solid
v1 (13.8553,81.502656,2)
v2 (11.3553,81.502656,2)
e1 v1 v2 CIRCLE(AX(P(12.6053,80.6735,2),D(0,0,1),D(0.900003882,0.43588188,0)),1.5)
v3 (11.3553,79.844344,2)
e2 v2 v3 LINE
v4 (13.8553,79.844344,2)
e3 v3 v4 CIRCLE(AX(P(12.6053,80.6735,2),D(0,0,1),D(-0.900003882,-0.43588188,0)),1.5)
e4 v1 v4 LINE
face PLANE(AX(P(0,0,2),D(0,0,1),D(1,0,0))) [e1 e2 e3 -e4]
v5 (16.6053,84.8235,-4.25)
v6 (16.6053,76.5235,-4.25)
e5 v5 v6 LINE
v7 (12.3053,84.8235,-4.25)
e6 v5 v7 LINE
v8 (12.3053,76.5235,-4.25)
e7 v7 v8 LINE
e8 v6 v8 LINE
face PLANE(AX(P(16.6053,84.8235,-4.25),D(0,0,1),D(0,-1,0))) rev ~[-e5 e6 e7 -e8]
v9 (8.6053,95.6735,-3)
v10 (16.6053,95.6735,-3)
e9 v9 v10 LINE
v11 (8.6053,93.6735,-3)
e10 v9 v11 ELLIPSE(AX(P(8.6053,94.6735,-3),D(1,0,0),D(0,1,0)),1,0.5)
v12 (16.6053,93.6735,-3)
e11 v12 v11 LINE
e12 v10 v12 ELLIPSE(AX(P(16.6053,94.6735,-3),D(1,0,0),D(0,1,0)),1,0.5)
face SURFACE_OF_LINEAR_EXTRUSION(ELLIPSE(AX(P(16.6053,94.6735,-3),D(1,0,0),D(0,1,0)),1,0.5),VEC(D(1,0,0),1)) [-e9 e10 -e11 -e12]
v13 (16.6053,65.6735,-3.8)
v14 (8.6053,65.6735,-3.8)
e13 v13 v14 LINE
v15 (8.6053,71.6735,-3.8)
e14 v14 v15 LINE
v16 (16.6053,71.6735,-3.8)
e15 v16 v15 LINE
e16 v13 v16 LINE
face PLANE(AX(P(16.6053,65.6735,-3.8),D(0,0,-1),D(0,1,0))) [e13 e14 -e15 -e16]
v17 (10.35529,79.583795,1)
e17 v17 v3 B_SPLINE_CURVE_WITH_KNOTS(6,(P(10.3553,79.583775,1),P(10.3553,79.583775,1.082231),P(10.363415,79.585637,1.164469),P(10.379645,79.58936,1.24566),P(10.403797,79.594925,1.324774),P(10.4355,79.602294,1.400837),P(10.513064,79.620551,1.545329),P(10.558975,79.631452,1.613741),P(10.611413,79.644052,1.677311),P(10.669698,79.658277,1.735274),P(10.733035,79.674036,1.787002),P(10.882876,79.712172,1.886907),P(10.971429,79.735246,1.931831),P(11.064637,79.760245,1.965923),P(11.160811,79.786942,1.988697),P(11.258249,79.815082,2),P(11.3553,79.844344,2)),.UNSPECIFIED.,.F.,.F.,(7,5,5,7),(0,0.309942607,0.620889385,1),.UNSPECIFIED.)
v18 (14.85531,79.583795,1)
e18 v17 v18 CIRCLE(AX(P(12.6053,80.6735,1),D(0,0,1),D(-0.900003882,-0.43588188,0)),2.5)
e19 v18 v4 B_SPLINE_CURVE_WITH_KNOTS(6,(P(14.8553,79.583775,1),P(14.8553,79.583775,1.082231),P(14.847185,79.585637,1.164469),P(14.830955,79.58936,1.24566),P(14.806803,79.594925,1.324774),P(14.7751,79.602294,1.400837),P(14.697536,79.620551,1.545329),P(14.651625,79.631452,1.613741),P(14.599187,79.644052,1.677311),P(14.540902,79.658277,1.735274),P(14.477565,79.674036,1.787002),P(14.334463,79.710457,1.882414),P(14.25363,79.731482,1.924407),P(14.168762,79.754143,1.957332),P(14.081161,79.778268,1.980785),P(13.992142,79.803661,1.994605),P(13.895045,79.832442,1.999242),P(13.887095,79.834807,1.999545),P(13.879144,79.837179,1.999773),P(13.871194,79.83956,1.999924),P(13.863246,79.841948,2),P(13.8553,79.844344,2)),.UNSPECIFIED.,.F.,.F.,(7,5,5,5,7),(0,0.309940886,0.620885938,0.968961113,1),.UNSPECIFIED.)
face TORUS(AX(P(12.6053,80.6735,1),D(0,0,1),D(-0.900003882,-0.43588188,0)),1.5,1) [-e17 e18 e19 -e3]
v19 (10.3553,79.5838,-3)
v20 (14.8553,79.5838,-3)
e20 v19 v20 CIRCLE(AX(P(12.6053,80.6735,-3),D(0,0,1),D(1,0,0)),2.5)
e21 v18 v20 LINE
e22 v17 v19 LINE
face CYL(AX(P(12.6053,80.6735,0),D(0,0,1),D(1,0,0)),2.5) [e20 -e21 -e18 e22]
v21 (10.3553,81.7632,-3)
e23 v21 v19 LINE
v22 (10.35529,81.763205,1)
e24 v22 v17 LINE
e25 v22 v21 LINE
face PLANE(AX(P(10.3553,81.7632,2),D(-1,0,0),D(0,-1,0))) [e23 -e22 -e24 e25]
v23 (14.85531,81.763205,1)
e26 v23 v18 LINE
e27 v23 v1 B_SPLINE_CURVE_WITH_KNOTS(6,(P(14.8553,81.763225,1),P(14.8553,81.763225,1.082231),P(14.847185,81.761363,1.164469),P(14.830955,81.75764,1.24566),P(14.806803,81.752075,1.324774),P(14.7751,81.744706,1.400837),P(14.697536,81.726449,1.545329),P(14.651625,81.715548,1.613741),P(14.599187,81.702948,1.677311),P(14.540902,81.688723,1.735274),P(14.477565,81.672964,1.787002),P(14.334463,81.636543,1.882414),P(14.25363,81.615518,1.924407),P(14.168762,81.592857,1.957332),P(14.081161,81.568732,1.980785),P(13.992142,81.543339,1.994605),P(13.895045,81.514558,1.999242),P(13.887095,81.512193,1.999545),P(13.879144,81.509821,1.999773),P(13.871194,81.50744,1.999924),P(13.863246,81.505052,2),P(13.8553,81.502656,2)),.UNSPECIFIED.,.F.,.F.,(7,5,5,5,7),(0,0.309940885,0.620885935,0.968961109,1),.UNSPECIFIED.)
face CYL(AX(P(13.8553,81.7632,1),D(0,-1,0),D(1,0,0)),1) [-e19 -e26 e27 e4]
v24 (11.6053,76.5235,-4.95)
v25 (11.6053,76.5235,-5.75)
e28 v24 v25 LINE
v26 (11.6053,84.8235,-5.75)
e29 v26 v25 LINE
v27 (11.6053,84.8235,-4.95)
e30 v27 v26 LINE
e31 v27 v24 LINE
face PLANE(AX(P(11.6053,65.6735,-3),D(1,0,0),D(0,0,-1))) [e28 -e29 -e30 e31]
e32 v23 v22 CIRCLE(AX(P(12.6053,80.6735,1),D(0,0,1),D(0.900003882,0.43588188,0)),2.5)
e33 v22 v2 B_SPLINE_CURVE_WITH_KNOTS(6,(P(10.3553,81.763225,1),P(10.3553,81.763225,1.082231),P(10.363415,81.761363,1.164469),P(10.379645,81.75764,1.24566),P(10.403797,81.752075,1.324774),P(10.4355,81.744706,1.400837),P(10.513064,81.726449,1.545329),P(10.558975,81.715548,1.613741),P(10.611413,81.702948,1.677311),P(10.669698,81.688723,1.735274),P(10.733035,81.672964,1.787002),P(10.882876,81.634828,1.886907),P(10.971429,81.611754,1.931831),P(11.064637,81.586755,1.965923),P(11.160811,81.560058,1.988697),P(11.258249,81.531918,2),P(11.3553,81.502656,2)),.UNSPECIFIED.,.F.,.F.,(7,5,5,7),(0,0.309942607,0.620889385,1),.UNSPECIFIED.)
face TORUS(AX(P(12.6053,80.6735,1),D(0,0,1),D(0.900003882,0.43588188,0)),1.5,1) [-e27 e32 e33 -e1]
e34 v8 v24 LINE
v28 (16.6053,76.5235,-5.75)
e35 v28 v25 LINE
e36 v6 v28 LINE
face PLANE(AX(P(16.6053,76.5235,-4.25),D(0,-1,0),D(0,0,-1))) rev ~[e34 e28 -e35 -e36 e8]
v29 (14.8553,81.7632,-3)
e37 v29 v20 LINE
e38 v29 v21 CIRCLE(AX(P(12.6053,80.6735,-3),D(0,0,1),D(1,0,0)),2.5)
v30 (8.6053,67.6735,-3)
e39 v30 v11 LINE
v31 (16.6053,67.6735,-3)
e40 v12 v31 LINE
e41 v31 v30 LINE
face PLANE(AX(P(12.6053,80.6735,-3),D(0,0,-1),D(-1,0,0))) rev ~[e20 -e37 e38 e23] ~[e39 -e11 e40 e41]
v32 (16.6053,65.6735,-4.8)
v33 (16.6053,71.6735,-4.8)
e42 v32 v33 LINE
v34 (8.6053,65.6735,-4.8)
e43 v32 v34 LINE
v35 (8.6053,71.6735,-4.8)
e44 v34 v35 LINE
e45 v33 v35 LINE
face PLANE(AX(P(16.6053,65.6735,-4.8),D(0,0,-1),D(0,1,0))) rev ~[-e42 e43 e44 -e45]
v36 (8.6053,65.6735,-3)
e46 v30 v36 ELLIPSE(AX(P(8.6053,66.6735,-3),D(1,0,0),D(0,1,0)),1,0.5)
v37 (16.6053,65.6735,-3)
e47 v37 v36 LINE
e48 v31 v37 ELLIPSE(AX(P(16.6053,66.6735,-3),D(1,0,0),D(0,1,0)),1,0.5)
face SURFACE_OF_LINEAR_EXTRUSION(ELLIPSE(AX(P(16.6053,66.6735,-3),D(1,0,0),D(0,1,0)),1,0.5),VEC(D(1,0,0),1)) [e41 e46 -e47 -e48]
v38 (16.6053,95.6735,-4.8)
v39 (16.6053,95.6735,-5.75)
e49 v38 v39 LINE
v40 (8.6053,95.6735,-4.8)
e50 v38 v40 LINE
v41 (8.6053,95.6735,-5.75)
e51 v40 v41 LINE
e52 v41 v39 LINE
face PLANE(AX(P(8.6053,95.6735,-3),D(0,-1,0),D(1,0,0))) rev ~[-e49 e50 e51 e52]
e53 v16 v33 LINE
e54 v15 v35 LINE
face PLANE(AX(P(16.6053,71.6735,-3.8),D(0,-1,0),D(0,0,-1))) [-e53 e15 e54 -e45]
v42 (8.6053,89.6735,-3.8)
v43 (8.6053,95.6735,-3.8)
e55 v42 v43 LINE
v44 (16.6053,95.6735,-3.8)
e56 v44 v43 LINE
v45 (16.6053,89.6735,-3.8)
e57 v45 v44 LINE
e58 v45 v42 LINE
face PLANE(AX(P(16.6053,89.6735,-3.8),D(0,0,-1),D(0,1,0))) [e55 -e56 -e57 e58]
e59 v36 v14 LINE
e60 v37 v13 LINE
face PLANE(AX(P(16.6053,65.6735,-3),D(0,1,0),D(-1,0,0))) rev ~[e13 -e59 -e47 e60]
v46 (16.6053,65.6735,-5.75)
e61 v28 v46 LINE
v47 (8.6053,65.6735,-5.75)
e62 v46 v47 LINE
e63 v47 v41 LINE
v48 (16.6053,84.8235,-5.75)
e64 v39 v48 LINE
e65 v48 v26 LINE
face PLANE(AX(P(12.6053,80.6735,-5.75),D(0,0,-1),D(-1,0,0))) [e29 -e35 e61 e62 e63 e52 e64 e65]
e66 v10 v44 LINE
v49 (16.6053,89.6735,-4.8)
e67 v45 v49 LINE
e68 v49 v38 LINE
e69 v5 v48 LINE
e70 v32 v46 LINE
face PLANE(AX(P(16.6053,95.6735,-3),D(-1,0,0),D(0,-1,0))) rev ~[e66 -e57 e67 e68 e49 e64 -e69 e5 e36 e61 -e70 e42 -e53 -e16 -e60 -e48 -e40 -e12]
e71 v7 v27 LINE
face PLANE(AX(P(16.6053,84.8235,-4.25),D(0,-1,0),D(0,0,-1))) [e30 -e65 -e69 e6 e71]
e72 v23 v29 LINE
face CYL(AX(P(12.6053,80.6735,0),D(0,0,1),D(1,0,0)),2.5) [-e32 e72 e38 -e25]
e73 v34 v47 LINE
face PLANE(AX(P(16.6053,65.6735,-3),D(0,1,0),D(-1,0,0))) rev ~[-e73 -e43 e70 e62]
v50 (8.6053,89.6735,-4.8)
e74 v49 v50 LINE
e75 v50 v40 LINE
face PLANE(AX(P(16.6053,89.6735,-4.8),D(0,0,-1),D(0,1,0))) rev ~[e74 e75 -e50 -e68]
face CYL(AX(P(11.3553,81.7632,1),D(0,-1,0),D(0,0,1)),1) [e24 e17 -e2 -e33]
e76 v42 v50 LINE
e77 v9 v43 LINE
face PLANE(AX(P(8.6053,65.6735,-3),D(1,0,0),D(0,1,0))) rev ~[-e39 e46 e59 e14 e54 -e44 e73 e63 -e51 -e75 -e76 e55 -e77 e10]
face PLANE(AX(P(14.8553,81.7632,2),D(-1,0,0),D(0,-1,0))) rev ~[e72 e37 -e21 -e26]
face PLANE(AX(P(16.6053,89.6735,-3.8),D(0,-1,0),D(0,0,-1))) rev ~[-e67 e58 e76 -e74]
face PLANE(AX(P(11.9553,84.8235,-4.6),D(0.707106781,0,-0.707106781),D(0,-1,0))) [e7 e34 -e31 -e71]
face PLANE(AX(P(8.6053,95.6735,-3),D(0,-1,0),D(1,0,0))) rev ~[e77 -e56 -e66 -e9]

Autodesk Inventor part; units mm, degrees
ref_plane "YZ Plane" through (0, 0, 0) normal (1, 0, 0) x (0, 1, 0)
ref_plane "XZ Plane" through (0, 0, 0) normal (0, 1, 0) x (-1, 0, 0)
ref_plane "XY Plane" through (0, 0, 0) normal (0, 0, 1) x (1, 0, 0)
ref_plane "Work Plane1" through (0, 0, 0) normal (0, 0, 1) x (1, 0, 0)
sketch "Sketch1" plane through (0, 0, 0) normal (0, 0, 1) x (1, 0, 0)
  circle A0 centre (12.6053, 80.6735) radius 2.5
  point P0 (0, 0)
  dimension "d0" = 5
extrude "Extrusion1" add sketch "Sketch1" along normal blind 2 and the other way blind 3
sketch "Sketch2" plane through (12.6053, 80.6735, -3) normal (0, 0, -1) x (-1, 0, 0)
  line L0 (-4, -15) -> (4, -15)
  line L1 (4, -15) -> (4, 15)
  line L2 (4, 15) -> (-4, 15)
  line L3 (-4, 15) -> (-4, -15)
  line L4 (-4, -15) -> (4, 15)
  line L5 (-4, -15) -> (27.0483, -15) construction
  circle A0 centre (0, 0) radius 2.5 projected
  point P0 (12.6053, -80.6735)
  dimension "d5" = 8
  dimension "d6" = 30
extrude "Extrusion2" add sketch "Sketch2" along normal blind 2.75
sketch "Sketch5" plane through (12.6053, 80.6735, 2) normal (0, 0, 1) x (1, 0, 0)
  line L0 (4, 15) -> (4, -15) projected
  line L1 (-4, -15) -> (-4, 15) projected
  circle A0 centre (0, 0) radius 2.5 projected
  line L2 (-2.25, 1.0897) -> (-2.25, -1.0897)
  line L3 (2.25, 1.0897) -> (2.25, -1.0897)
  circle A1 centre (0, 0) radius 2.5 projected
  point P0 (-12.6053, -80.6735)
  point P1 (2.25, 1.0897)
  point P2 (2.25, -1.0897)
  point P3 (-2.25, -1.0897)
  point P4 (-2.25, 1.0897)
  dimension "d21" = 1.75
  dimension "d22" = 1.75
extrude "Extrusion5" cut sketch "Sketch5" against normal up to surface (5 mm away) contours A0 L3 | L2 A0
fillet "Fillet1" radius 1 4 edges at (12.6053, 83.1735, 2) (12.6053, 78.1735, 2) (10.3553, 80.6735, 2) (14.8553, 80.6735, 2)
sketch "Sketch7" plane through (16.6053, 65.6735, -3) normal (1, 0, 0) x (0, 0, -1)
  line L0 (3.95, 19.8) -> (5.45, 19.8) construction
  line L1 (1.25, 19.15) -> (1.25, 10.85)
  line L2 (0, 30) -> (2.75, 30) projected
  line L3 (0, 30) -> (0, 0) projected
  line L4 (0, 0) -> (2.75, 0) projected
  line L5 (2.75, 30) -> (2.75, 0) projected
  line L6 (0, 30) -> (2.75, 30) projected
  line L7 (1.25, 19.15) -> (2.75, 19.15)
  line L8 (2.75, 30) -> (2.75, 0) projected
  line L9 (1.25, 10.85) -> (2.75, 10.85)
  point P0 (-3, -65.6735)
  point P1 (2.75, 10.85)
  point P2 (2.75, 19.15)
  dimension "d31" = 8.3
  dimension "d52" = 1.5
  dimension "d53" = 10.85
extrude "Extrusion7" cut sketch "Sketch7" against normal blind 5 contours L7 L5 L9 L1
chamfer "Chamfer1" distance 0.7 angle 45 1 edges at (11.6053, 80.6735, -4.25)
sketch "Sketch8" plane through (16.6053, 65.6735, -3) normal (1, 0, 0) x (0, 0, -1)
  line L0 (0, 30) -> (2.75, 30) projected
  line L1 (0, 30) -> (0, 0) projected
  line L2 (0, 0) -> (2.75, 0) projected
  line L3 (0, 0) -> (2.75, 0) projected
  line L4 (0, 30) -> (2.75, 30) projected
  line L5 (0.8, 0) -> (0.8, 30)
  line L6 (0, 30) -> (0, 0) projected
  line L7 (1.8, 0) -> (1.8, 30)
  line L8 (0.8, 6) -> (1.8, 6)
  line L9 (0.8, 24) -> (1.8, 24)
  line L10 (2.75, 30) -> (2.75, 19.15) projected
  line L11 (2.75, 10.85) -> (1.25, 10.85) projected
  line L12 (1.25, 10.85) -> (1.25, 19.15) projected
  line L13 (1.25, 19.15) -> (2.75, 19.15) projected
  line L14 (2.75, 10.85) -> (2.75, 0) projected
  point P0 (-3, -65.6735)
  dimension "d38" = 0.8
  dimension "d39" = 1
  dimension "d40" = 6
  dimension "d41" = 6
  dimension "d55" = 0.95
extrude "Extrusion8" cut sketch "Sketch8" against normal up to surface (8 mm away) contours L0 L7 L9 L5 | L5 L8 L7 L2
sketch "Sketch9" plane through (16.6053, 65.6735, -3) normal (1, 0, 0) x (0, 0, -1)
  line L0 (0, 0) -> (0, 30) projected
  line L1 (0, 30) -> (0, 0) projected
  ellipse E0 centre (0, 1) end of major axis (0, 2) minor radius 0.5 (0, 2) -> (0, 0) ccw
  ellipse E1 centre (0, 29) end of major axis (0, 30) minor radius 0.5
  point P0 (-3, -65.6735)
  point P1 (0, 28)
  dimension "d48" = 0.5
  dimension "d49" = 0.5
  dimension "d50" = 1
  dimension "d51" = 1
extrude "Extrusion9" add sketch "Sketch9" against normal up to surface (8 mm away) contours E0 L0 | E1 L0 picked at (-0.1666, 28.9882)
properties part number "ON_Off_switch_3DPrint"
